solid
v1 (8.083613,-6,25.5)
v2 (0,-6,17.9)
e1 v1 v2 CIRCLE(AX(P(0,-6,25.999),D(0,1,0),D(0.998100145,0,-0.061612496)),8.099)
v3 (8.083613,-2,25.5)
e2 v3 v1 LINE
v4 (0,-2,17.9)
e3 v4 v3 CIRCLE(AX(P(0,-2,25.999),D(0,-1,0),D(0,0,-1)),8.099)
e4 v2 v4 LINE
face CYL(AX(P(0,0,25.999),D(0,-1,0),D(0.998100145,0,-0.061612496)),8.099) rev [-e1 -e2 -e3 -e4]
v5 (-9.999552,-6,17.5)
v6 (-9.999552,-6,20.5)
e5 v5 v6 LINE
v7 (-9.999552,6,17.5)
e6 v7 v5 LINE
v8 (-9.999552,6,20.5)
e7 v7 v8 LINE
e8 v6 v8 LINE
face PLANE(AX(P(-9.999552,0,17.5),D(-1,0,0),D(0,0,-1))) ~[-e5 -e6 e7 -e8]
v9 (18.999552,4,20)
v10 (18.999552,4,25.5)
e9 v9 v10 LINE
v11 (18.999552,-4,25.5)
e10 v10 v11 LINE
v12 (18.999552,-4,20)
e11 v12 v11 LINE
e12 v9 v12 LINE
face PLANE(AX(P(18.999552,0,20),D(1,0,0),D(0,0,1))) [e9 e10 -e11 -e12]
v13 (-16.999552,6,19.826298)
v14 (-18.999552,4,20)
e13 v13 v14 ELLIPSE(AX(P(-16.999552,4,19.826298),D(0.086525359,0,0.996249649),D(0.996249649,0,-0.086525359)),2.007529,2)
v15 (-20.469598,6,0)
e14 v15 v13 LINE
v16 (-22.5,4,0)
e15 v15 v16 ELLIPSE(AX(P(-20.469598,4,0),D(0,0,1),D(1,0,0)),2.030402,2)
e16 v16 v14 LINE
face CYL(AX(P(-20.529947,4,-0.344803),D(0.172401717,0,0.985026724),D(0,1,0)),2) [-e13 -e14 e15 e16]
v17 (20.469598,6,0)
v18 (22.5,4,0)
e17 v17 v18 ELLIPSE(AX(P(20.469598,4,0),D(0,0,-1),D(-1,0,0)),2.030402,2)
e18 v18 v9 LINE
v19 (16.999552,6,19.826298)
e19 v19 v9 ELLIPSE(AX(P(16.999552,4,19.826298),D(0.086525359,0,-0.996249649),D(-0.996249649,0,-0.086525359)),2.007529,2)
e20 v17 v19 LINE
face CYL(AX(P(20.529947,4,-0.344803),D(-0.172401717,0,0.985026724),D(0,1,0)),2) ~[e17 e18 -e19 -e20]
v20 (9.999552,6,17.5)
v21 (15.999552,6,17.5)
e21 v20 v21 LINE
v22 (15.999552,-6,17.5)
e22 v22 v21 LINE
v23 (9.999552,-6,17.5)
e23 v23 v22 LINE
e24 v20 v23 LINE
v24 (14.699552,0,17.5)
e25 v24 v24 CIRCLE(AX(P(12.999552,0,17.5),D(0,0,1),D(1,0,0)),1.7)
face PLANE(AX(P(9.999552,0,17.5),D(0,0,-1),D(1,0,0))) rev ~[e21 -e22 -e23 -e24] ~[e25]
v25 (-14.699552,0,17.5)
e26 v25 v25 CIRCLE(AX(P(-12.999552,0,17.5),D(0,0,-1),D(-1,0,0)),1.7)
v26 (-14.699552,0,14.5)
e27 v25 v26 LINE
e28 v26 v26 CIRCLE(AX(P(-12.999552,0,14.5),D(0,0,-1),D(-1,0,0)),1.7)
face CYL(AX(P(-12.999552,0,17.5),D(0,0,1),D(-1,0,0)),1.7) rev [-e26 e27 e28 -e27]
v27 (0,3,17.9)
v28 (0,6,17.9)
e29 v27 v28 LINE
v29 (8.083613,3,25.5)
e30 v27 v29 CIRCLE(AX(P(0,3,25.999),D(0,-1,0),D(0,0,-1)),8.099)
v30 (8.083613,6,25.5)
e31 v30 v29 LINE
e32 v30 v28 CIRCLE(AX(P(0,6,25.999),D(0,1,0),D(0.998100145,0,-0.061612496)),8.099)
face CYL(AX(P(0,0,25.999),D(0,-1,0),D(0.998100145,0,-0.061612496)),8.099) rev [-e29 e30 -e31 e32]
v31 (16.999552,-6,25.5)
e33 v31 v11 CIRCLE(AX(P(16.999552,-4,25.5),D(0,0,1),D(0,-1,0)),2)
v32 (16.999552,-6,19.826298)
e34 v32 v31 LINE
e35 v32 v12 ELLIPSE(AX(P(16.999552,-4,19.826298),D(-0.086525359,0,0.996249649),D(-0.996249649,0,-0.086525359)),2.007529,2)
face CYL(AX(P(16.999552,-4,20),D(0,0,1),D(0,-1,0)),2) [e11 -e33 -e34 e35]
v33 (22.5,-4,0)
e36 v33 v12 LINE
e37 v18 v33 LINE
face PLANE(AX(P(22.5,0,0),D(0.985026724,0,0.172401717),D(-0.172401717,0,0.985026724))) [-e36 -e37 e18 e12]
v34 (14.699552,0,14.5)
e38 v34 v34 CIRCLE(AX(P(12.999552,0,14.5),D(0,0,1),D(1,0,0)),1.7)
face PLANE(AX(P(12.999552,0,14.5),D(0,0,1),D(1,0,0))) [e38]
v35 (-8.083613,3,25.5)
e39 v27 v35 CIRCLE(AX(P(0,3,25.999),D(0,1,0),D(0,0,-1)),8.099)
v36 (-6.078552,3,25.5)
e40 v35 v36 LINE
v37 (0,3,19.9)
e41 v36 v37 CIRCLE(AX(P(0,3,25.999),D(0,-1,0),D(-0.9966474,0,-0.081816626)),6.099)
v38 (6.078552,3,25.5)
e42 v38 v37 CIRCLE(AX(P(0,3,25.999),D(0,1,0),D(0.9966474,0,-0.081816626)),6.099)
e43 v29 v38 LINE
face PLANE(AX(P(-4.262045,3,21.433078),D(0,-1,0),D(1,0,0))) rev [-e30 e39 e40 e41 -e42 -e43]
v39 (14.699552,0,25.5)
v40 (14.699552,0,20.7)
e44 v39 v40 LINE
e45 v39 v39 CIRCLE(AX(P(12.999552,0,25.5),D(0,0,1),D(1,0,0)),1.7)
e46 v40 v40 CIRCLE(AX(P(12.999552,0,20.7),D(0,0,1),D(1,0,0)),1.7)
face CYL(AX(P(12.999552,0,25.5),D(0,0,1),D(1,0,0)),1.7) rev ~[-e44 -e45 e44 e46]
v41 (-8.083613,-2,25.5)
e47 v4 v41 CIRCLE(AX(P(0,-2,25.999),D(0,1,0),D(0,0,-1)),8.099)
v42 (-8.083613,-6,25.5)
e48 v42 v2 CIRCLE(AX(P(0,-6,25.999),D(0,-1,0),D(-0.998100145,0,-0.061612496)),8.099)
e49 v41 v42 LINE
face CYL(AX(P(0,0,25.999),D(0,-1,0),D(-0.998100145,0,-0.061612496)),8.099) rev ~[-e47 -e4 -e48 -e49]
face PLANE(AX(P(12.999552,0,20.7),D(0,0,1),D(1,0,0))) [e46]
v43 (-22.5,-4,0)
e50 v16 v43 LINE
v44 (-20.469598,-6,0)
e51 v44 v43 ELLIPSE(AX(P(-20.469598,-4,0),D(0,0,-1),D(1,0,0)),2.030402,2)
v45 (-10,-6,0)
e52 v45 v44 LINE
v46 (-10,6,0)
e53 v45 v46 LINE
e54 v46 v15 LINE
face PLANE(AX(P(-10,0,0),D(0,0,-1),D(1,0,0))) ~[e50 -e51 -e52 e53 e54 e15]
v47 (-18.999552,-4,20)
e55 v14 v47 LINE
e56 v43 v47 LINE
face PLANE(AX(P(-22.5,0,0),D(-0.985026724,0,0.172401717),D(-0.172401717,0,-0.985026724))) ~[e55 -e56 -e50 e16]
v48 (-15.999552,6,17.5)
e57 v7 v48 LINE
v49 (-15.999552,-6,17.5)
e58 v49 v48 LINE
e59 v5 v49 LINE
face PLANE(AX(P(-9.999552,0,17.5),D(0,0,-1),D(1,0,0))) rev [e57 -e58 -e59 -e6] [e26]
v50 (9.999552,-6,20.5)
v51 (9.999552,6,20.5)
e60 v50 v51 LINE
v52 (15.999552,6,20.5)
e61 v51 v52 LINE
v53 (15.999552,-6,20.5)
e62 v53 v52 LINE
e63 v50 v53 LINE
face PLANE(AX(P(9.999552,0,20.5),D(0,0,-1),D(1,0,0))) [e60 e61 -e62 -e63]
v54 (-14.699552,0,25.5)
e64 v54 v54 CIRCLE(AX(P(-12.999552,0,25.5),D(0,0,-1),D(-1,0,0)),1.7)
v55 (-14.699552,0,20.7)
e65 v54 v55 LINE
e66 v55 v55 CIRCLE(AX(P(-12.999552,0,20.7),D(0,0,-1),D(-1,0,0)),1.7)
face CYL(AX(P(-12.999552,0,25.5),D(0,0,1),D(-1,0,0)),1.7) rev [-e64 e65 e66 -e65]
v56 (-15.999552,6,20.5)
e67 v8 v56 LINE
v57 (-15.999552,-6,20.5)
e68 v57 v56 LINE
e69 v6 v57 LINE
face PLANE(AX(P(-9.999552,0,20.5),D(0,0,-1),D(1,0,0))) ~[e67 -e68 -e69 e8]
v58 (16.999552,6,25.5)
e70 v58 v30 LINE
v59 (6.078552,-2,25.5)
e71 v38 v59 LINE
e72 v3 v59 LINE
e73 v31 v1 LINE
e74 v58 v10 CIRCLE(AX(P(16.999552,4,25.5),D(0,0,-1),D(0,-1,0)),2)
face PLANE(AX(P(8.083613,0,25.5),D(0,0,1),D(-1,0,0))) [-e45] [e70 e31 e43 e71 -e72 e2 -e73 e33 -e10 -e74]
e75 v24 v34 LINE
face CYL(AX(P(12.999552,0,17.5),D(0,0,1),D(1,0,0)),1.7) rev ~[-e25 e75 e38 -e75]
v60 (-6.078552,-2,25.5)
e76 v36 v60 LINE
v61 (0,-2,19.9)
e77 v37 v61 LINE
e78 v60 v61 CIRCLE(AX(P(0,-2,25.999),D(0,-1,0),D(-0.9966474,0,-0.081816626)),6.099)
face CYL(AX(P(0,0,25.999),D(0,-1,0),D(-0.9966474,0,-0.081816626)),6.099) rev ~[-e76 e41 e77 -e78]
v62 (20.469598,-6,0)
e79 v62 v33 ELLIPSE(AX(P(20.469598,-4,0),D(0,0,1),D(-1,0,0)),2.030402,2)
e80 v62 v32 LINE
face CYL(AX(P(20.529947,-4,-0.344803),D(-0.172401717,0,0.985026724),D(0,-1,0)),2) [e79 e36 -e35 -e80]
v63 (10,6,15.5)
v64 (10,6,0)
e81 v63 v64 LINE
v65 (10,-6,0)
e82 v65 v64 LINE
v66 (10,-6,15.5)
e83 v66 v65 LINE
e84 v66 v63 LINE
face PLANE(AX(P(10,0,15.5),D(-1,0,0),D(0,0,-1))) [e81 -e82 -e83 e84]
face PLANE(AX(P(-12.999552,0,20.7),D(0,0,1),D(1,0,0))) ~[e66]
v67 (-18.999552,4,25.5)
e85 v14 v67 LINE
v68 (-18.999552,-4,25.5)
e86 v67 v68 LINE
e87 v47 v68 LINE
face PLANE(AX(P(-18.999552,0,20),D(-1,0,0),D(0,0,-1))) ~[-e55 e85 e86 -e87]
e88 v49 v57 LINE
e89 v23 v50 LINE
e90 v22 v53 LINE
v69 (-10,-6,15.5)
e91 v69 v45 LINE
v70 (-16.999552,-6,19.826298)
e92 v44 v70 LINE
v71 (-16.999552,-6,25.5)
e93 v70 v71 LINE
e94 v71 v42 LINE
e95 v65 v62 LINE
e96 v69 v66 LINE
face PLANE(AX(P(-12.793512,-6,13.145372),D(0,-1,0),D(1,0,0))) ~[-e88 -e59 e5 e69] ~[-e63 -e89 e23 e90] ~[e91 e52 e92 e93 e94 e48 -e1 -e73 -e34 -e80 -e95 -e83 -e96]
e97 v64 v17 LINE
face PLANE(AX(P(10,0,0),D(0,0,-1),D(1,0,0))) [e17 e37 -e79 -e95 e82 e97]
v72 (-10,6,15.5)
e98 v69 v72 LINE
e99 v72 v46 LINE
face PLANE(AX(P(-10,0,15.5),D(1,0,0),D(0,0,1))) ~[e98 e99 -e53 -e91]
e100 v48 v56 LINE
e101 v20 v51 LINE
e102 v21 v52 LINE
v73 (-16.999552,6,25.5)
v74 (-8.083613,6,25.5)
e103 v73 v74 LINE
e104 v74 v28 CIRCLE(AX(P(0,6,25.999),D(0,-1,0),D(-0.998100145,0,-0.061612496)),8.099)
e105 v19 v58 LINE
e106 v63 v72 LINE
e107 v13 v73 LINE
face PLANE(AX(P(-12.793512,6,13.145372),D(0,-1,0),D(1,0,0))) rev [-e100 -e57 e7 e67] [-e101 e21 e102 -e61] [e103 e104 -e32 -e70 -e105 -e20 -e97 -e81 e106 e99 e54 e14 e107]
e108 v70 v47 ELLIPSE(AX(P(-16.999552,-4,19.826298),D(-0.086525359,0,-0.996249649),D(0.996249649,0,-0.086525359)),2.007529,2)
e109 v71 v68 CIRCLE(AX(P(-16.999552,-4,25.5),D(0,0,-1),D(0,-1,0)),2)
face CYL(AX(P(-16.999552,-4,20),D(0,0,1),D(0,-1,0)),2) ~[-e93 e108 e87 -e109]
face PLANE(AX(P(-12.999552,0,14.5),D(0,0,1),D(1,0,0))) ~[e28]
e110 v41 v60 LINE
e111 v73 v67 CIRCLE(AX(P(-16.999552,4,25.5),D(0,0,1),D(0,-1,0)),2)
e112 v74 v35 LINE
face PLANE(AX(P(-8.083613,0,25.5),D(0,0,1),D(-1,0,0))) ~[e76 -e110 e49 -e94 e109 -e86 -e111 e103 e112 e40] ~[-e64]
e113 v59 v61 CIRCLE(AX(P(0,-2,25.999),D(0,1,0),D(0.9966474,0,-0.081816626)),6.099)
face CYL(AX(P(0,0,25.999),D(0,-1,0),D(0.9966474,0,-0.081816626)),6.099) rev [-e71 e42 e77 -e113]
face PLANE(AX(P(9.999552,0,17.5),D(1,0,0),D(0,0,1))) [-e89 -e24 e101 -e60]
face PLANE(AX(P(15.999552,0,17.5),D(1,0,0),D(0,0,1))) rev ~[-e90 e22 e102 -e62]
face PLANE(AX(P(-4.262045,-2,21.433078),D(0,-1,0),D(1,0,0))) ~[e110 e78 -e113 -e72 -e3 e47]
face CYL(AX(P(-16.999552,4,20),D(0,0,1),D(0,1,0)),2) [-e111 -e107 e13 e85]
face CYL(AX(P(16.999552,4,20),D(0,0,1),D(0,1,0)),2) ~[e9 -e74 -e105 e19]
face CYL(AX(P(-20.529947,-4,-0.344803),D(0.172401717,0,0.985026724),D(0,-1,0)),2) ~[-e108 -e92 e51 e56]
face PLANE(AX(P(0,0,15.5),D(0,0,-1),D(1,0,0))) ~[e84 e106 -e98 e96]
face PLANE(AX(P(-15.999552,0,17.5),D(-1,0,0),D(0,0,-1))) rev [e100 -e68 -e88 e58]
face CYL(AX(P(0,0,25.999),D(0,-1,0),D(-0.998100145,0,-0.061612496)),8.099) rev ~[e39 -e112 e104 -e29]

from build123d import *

# Parameters (mm, degrees)
F0_W          = 6
F0_H          = 3
F1_DEPTH      = 6
F2_DEPTH      = 2
F2_DEPTH_BACK = 3
F3_R          = 1.7
F4_DEPTH      = 4.8
F5_R          = 2
F6_R          = 1.7
F7_DEPTH      = 3


with BuildPart() as f1:
    # F0 (on Front) → F1 (new body, symmetric)
    with BuildSketch(Plane.XZ):
        with BuildLine():
            Line((10, 0), (22.5, 0))
            Line((22.5, 0), (18.9995524919, 20.0000000164))
            Line((18.9995524919, 20.0000000164), (18.9995524919, 25.5000000164))
            Line((18.9995524919, 25.5000000164), (8.0836130781, 25.5000000164))
            ThreePointArc((8.0836130781, 25.5000000164), (5.5476302699, 20.0983556377), (0, 17.8999996185))
            Line((0, 17.8999996185), (0, 15.5))
            Line((0, 15.5), (10, 15.5))
            Line((10, 15.5), (10, 0))
        make_face()
        with Locations((12.9995524922, 19.0000000164)):
            Rectangle(F0_W, F0_H, mode=Mode.SUBTRACT)
    extrude(amount=F1_DEPTH, both=True)

    # F0 (on Front) → F2 (join, two sides)
    with BuildSketch(Plane.XZ) as f2_sk:
        with BuildLine():
            ThreePointArc((0, 17.8999996185), (5.5476302699, 20.0983556377), (8.0836130781, 25.5000000164))
            Line((8.0836130781, 25.5000000164), (6.0785524919, 25.5000000164))
            ThreePointArc((6.0785524919, 25.5000000164), (4.1324570431, 21.5134004627), (0, 19.8999996185))
            Line((0, 19.8999996185), (0, 17.8999996185))
        make_face()
    extrude(amount=F2_DEPTH)
    extrude(f2_sk.sketch, amount=-F2_DEPTH_BACK)

    # F3 (on face) → F4 (cut)
    with BuildSketch(Plane.XY.offset(25.5000000164)):
        with Locations((12.9995524919, 0)):
            Circle(F3_R)
    extrude(amount=-F4_DEPTH, mode=Mode.SUBTRACT)

    # F5
    f5_edges = [f1.edges().sort_by_distance(p)[0] for p in [
        (20.749776, 6, 10),
        (18.999552, 6, 22.75),
        (20.749776, -6, 10),
        (18.999552, -6, 22.75),
    ]]
    fillet(f5_edges, radius=F5_R)

    # F6 (on face) → F7 (cut)
    with BuildSketch(Plane.XY.offset(17.5000000164)):
        with Locations((12.9995524922, 0)):
            Circle(F6_R)
    extrude(amount=-F7_DEPTH, mode=Mode.SUBTRACT)

    # F8: F1 across plane


with BuildPart() as f1_1:
    add(f1.part)
    add(f1.part.mirror(Plane.YZ))


solid = f1_1.part
